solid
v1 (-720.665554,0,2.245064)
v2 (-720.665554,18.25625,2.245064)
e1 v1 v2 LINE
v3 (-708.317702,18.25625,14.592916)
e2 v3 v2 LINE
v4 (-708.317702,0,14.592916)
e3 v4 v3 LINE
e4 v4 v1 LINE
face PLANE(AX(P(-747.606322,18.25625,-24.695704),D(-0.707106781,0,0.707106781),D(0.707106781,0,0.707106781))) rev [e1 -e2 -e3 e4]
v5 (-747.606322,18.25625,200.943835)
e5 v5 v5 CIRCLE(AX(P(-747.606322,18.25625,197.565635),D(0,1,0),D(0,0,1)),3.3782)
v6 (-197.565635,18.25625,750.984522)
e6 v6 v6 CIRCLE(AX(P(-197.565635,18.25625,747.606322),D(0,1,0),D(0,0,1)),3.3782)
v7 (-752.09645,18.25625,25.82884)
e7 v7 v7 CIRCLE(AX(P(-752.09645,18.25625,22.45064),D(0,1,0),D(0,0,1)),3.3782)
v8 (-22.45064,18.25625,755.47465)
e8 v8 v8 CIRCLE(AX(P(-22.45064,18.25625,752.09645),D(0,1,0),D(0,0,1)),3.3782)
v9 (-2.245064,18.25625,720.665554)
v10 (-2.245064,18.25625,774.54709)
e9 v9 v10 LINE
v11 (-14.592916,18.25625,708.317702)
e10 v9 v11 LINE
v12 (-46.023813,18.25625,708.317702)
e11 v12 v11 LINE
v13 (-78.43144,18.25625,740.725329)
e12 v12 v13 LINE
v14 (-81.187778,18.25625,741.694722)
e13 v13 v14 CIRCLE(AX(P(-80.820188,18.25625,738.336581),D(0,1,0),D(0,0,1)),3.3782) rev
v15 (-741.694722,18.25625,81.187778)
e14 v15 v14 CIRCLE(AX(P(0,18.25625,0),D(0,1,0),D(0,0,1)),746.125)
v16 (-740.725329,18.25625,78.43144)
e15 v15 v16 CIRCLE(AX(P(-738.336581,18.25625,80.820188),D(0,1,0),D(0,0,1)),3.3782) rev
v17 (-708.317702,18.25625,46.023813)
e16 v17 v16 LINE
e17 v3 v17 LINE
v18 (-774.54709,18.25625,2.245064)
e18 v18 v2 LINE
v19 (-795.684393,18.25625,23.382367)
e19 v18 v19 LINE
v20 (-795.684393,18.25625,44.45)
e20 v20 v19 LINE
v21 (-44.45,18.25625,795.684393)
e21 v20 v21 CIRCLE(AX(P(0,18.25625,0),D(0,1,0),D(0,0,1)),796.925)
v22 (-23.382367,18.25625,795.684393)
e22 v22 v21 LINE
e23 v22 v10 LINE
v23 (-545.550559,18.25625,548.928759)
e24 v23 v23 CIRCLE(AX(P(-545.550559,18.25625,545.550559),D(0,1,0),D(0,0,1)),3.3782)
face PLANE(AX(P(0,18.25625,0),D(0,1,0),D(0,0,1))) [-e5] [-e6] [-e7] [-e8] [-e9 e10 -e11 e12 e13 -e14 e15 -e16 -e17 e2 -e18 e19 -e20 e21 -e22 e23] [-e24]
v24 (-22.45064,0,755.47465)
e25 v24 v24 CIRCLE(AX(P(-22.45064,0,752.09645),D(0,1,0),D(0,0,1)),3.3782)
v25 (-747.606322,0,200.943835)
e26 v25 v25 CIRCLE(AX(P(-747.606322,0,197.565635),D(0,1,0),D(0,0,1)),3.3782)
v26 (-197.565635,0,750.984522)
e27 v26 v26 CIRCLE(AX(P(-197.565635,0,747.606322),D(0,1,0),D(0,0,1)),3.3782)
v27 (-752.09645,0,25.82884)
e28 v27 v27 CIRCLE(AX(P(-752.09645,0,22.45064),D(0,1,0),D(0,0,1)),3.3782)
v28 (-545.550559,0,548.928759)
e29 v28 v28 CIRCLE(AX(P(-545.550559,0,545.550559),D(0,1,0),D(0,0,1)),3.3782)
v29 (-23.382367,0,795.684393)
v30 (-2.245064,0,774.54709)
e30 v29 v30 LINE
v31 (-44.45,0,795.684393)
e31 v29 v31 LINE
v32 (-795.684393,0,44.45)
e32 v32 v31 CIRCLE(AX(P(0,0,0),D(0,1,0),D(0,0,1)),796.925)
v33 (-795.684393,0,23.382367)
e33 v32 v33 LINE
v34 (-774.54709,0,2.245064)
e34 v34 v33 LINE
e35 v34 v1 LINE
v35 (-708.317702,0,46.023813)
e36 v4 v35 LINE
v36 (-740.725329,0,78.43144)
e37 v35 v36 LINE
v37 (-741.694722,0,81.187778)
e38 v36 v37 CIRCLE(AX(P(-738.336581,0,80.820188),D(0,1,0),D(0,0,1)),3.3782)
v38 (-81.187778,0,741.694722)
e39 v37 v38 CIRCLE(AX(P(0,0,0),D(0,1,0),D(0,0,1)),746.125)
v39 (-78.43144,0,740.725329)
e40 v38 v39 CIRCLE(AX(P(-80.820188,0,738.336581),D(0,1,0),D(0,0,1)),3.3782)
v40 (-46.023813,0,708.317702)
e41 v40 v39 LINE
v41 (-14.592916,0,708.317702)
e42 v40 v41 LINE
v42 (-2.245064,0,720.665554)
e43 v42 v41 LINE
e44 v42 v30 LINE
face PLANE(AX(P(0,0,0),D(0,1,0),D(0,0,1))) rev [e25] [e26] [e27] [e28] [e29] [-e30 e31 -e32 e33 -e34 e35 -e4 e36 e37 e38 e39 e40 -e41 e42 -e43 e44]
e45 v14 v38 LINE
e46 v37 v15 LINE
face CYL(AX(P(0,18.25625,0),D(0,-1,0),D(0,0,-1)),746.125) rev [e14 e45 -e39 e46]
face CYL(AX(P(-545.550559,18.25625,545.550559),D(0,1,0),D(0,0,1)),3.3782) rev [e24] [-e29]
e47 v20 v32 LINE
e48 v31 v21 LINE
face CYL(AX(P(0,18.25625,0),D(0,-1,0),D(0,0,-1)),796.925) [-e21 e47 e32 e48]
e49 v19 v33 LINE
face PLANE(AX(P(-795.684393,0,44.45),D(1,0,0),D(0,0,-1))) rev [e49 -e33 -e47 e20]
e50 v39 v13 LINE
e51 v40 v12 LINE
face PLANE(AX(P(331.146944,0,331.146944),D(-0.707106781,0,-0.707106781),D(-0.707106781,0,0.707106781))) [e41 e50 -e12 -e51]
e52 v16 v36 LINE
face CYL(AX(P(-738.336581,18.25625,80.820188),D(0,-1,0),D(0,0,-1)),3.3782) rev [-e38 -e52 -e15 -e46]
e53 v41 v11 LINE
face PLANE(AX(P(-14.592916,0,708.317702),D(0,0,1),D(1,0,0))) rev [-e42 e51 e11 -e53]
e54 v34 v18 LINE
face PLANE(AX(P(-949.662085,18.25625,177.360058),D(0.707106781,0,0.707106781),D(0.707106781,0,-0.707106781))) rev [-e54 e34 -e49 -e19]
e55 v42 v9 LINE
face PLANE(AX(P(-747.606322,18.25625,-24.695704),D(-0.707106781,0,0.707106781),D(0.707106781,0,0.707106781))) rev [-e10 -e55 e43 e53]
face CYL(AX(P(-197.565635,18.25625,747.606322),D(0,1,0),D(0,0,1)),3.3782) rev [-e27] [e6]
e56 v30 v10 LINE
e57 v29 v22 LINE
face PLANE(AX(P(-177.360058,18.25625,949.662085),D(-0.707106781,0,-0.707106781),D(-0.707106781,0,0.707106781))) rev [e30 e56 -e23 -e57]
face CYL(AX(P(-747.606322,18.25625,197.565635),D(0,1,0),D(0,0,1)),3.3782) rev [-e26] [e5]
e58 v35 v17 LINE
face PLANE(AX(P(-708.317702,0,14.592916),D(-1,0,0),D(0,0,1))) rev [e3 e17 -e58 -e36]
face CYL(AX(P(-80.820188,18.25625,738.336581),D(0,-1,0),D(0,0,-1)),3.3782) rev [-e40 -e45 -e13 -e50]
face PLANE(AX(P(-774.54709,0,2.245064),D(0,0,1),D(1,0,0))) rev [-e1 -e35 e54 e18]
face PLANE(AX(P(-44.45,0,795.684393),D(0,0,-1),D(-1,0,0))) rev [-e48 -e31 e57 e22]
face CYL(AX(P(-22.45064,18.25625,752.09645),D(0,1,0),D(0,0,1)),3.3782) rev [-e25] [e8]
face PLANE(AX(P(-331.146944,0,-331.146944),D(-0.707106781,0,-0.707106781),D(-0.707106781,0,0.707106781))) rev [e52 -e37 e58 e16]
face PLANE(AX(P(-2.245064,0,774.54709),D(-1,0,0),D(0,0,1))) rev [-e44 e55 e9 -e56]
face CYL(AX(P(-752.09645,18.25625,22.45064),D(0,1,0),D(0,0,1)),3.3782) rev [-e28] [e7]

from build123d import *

# Parameters (mm, degrees)
SKETCH1_R               = 796.925
SKETCH1_R_2             = 746.125
BOSS_EXTRUDE1_DEPTH     = 18.25625
CUT_EXTRUDE2_DEPTH      = 1128.169996901
SKETCH4_W               = 88.9
SKETCH4_H               = 44.45
SKETCH4_W_2             = 44.45
SKETCH4_H_2             = 88.9
BOSS_EXTRUDE2_DEPTH     = 18.25625
SKETCH10_W              = 88.9
SKETCH10_H              = 1.5875
SKETCH10_W_2            = 1.5875
SKETCH10_H_2            = 88.9
CUT_EXTRUDE3_DEPTH      = 1128.169996901
SKETCH11_W              = 1.240607087
SKETCH11_H              = 42.8625
SKETCH11_W_2            = 42.8625
SKETCH11_H_2            = 1.240607087
CUT_EXTRUDE4_DEPTH      = 1128.169996901
BOSS_EXTRUDE4_DEPTH     = 18.25625
CUT_EXTRUDE5_DEPTH      = 1126.415744032
F_1_4_CLEARANCE_HOLE3_D = 6.7564
F_1_4_CLEARANCE_HOLE1_D = 6.7564
CUT_EXTRUDE6_DEPTH      = 1126.415744032
FILLET4_R               = 3.3782


with BuildPart() as part:
    # Sketch1 → Boss-Extrude1 (new body)
    with BuildSketch(Plane(origin=(0, 0, 0), x_dir=(1, 0, 0), z_dir=(0, 1, 0))):
        with Locations(Location((0, 0, 0), (0, 0, 270))):
            Circle(SKETCH1_R)
        with Locations(Location((0, 0, 0), (0, 0, 270))):
            Circle(SKETCH1_R_2, mode=Mode.SUBTRACT)
    extrude(amount=BOSS_EXTRUDE1_DEPTH)

    # Sketch3 → Cut-Extrude2 (cut, through all)
    with BuildSketch(Plane(origin=(0, 18.25625, 0), x_dir=(1, 0, 0), z_dir=(0, 1, 0))):
        with BuildLine():
            Line((-796.925, 0), (0, 0))
            Line((0, 0), (0, -796.925))
            ThreePointArc((0, -796.925), (563.511071597, 563.511071597), (-796.925, 0))
        make_face()
    extrude(amount=-CUT_EXTRUDE2_DEPTH, mode=Mode.SUBTRACT)

    # Sketch4 → Boss-Extrude2 (add)
    with BuildSketch(Plane(origin=(0, 18.25625, 0), x_dir=(1, 0, 0), z_dir=(0, 1, 0))):
        with Locations((-752.475, -22.225)):
            Rectangle(SKETCH4_W, SKETCH4_H)
        with Locations((-22.225, -752.475)):
            Rectangle(SKETCH4_W_2, SKETCH4_H_2)
    extrude(amount=-BOSS_EXTRUDE2_DEPTH)

    # Sketch10 → Cut-Extrude3 (cut, through all)
    with BuildSketch(Plane(origin=(0, 18.25625, 0), x_dir=(1, 0, 0), z_dir=(0, 1, 0))):
        with Locations((-752.475, -0.79375)):
            Rectangle(SKETCH10_W, SKETCH10_H)
        with Locations((-0.79375, -752.475)):
            Rectangle(SKETCH10_W_2, SKETCH10_H_2)
    extrude(amount=-CUT_EXTRUDE3_DEPTH, mode=Mode.SUBTRACT)

    # Sketch11 → Cut-Extrude4 (cut, through all)
    with BuildSketch(Plane(origin=(0, 18.25625, 0), x_dir=(1, 0, 0), z_dir=(0, 1, 0))):
        with Locations((-796.304696457, -23.01875)):
            Rectangle(SKETCH11_W, SKETCH11_H)
        with Locations((-23.01875, -796.304696457)):
            Rectangle(SKETCH11_W_2, SKETCH11_H_2)
    extrude(amount=-CUT_EXTRUDE4_DEPTH, mode=Mode.SUBTRACT)

    # Sketch12 → Boss-Extrude4 (add, through all)
    with BuildSketch(Plane(origin=(0, 18.25625, 0), x_dir=(1, 0, 0), z_dir=(0, 1, 0))):
        with BuildLine():
            Line((-45.731111071, -708.025), (-79.575539683, -741.869428612))
            ThreePointArc((-79.575539683, -741.869428612), (-62.030076286, -743.542053458), (-44.45, -744.799780562))
            Line((-44.45, -744.799780562), (-44.45, -708.025))
            Line((-44.45, -708.025), (-45.731111071, -708.025))
        make_face()
        with BuildLine():
            Line((-708.025, -45.731111071), (-741.869428612, -79.575539683))
            ThreePointArc((-741.869428612, -79.575539683), (-743.542053458, -62.030076286), (-744.799780562, -44.45))
            Line((-744.799780562, -44.45), (-708.025, -44.45))
            Line((-708.025, -44.45), (-708.025, -45.731111071))
        make_face()
    extrude(amount=-BOSS_EXTRUDE4_DEPTH)

    # Sketch14 → Cut-Extrude5 (cut, through all)
    with BuildSketch(Plane.XZ):
        Polygon((-166.462625141, 960.559518053), (42.242196456, 751.854696456), (-751.854696456, -42.242196456), (-960.559518053, 166.462625141), (-949.662084803, 177.360058391), (-747.606322079, -24.695704333), (24.695704333, 747.606322079), (-177.360058391, 949.662084803), align=None)
    extrude(amount=-CUT_EXTRUDE5_DEPTH, mode=Mode.SUBTRACT)

    # 1/4 Clearance Hole3 (through all)
    with Locations(Plane(origin=(0, 18.25625, 0), x_dir=(1, 0, 0), z_dir=(0, 1, 0))):
        with Locations((-752.09645014, -22.450640303), (-22.450640303, -752.09645014)):
            Hole(F_1_4_CLEARANCE_HOLE3_D / 2)

    # 1/4 Clearance Hole1 (through all)
    with Locations(Plane(origin=(0, 18.25625, 0), x_dir=(1, 0, 0), z_dir=(0, 1, 0))):
        with Locations((-747.606322079, -197.565634664), (-545.550559355, -545.550559355), (-197.565634664, -747.606322079)):
            Hole(F_1_4_CLEARANCE_HOLE1_D / 2)

    # Sketch19 → Cut-Extrude6 (cut, through all)
    with BuildSketch(Plane(origin=(0, 18.25625, 0), x_dir=(1, 0, 0), z_dir=(0, 1, 0))):
        Polygon((-774.547090442, -2.24506403), (-720.665553716, -2.24506403), (-747.606322079, 24.695704333), align=None)
        Polygon((-708.317701549, -14.592916197), (-708.025, -14.885617746), (-708.025, -45.731111071), (-708.317701549, -46.02381262), align=None)
        Polygon((-14.885617746, -708.025), (-45.731111071, -708.025), (-46.02381262, -708.317701549), (-14.592916197, -708.317701549), align=None)
        Polygon((24.695704333, -747.606322079), (-2.24506403, -774.547090442), (-2.24506403, -720.665553716), align=None)
    extrude(amount=-CUT_EXTRUDE6_DEPTH, mode=Mode.SUBTRACT)

    # Fillet4
    fillet4_edges = [part.edges().sort_by_distance(p)[0] for p in [
        (-79.575539683, 9.128125, 741.869428612),
        (-741.869428612, 9.128125, 79.575539683),
    ]]
    fillet(fillet4_edges, radius=FILLET4_R)


solid = part.part
